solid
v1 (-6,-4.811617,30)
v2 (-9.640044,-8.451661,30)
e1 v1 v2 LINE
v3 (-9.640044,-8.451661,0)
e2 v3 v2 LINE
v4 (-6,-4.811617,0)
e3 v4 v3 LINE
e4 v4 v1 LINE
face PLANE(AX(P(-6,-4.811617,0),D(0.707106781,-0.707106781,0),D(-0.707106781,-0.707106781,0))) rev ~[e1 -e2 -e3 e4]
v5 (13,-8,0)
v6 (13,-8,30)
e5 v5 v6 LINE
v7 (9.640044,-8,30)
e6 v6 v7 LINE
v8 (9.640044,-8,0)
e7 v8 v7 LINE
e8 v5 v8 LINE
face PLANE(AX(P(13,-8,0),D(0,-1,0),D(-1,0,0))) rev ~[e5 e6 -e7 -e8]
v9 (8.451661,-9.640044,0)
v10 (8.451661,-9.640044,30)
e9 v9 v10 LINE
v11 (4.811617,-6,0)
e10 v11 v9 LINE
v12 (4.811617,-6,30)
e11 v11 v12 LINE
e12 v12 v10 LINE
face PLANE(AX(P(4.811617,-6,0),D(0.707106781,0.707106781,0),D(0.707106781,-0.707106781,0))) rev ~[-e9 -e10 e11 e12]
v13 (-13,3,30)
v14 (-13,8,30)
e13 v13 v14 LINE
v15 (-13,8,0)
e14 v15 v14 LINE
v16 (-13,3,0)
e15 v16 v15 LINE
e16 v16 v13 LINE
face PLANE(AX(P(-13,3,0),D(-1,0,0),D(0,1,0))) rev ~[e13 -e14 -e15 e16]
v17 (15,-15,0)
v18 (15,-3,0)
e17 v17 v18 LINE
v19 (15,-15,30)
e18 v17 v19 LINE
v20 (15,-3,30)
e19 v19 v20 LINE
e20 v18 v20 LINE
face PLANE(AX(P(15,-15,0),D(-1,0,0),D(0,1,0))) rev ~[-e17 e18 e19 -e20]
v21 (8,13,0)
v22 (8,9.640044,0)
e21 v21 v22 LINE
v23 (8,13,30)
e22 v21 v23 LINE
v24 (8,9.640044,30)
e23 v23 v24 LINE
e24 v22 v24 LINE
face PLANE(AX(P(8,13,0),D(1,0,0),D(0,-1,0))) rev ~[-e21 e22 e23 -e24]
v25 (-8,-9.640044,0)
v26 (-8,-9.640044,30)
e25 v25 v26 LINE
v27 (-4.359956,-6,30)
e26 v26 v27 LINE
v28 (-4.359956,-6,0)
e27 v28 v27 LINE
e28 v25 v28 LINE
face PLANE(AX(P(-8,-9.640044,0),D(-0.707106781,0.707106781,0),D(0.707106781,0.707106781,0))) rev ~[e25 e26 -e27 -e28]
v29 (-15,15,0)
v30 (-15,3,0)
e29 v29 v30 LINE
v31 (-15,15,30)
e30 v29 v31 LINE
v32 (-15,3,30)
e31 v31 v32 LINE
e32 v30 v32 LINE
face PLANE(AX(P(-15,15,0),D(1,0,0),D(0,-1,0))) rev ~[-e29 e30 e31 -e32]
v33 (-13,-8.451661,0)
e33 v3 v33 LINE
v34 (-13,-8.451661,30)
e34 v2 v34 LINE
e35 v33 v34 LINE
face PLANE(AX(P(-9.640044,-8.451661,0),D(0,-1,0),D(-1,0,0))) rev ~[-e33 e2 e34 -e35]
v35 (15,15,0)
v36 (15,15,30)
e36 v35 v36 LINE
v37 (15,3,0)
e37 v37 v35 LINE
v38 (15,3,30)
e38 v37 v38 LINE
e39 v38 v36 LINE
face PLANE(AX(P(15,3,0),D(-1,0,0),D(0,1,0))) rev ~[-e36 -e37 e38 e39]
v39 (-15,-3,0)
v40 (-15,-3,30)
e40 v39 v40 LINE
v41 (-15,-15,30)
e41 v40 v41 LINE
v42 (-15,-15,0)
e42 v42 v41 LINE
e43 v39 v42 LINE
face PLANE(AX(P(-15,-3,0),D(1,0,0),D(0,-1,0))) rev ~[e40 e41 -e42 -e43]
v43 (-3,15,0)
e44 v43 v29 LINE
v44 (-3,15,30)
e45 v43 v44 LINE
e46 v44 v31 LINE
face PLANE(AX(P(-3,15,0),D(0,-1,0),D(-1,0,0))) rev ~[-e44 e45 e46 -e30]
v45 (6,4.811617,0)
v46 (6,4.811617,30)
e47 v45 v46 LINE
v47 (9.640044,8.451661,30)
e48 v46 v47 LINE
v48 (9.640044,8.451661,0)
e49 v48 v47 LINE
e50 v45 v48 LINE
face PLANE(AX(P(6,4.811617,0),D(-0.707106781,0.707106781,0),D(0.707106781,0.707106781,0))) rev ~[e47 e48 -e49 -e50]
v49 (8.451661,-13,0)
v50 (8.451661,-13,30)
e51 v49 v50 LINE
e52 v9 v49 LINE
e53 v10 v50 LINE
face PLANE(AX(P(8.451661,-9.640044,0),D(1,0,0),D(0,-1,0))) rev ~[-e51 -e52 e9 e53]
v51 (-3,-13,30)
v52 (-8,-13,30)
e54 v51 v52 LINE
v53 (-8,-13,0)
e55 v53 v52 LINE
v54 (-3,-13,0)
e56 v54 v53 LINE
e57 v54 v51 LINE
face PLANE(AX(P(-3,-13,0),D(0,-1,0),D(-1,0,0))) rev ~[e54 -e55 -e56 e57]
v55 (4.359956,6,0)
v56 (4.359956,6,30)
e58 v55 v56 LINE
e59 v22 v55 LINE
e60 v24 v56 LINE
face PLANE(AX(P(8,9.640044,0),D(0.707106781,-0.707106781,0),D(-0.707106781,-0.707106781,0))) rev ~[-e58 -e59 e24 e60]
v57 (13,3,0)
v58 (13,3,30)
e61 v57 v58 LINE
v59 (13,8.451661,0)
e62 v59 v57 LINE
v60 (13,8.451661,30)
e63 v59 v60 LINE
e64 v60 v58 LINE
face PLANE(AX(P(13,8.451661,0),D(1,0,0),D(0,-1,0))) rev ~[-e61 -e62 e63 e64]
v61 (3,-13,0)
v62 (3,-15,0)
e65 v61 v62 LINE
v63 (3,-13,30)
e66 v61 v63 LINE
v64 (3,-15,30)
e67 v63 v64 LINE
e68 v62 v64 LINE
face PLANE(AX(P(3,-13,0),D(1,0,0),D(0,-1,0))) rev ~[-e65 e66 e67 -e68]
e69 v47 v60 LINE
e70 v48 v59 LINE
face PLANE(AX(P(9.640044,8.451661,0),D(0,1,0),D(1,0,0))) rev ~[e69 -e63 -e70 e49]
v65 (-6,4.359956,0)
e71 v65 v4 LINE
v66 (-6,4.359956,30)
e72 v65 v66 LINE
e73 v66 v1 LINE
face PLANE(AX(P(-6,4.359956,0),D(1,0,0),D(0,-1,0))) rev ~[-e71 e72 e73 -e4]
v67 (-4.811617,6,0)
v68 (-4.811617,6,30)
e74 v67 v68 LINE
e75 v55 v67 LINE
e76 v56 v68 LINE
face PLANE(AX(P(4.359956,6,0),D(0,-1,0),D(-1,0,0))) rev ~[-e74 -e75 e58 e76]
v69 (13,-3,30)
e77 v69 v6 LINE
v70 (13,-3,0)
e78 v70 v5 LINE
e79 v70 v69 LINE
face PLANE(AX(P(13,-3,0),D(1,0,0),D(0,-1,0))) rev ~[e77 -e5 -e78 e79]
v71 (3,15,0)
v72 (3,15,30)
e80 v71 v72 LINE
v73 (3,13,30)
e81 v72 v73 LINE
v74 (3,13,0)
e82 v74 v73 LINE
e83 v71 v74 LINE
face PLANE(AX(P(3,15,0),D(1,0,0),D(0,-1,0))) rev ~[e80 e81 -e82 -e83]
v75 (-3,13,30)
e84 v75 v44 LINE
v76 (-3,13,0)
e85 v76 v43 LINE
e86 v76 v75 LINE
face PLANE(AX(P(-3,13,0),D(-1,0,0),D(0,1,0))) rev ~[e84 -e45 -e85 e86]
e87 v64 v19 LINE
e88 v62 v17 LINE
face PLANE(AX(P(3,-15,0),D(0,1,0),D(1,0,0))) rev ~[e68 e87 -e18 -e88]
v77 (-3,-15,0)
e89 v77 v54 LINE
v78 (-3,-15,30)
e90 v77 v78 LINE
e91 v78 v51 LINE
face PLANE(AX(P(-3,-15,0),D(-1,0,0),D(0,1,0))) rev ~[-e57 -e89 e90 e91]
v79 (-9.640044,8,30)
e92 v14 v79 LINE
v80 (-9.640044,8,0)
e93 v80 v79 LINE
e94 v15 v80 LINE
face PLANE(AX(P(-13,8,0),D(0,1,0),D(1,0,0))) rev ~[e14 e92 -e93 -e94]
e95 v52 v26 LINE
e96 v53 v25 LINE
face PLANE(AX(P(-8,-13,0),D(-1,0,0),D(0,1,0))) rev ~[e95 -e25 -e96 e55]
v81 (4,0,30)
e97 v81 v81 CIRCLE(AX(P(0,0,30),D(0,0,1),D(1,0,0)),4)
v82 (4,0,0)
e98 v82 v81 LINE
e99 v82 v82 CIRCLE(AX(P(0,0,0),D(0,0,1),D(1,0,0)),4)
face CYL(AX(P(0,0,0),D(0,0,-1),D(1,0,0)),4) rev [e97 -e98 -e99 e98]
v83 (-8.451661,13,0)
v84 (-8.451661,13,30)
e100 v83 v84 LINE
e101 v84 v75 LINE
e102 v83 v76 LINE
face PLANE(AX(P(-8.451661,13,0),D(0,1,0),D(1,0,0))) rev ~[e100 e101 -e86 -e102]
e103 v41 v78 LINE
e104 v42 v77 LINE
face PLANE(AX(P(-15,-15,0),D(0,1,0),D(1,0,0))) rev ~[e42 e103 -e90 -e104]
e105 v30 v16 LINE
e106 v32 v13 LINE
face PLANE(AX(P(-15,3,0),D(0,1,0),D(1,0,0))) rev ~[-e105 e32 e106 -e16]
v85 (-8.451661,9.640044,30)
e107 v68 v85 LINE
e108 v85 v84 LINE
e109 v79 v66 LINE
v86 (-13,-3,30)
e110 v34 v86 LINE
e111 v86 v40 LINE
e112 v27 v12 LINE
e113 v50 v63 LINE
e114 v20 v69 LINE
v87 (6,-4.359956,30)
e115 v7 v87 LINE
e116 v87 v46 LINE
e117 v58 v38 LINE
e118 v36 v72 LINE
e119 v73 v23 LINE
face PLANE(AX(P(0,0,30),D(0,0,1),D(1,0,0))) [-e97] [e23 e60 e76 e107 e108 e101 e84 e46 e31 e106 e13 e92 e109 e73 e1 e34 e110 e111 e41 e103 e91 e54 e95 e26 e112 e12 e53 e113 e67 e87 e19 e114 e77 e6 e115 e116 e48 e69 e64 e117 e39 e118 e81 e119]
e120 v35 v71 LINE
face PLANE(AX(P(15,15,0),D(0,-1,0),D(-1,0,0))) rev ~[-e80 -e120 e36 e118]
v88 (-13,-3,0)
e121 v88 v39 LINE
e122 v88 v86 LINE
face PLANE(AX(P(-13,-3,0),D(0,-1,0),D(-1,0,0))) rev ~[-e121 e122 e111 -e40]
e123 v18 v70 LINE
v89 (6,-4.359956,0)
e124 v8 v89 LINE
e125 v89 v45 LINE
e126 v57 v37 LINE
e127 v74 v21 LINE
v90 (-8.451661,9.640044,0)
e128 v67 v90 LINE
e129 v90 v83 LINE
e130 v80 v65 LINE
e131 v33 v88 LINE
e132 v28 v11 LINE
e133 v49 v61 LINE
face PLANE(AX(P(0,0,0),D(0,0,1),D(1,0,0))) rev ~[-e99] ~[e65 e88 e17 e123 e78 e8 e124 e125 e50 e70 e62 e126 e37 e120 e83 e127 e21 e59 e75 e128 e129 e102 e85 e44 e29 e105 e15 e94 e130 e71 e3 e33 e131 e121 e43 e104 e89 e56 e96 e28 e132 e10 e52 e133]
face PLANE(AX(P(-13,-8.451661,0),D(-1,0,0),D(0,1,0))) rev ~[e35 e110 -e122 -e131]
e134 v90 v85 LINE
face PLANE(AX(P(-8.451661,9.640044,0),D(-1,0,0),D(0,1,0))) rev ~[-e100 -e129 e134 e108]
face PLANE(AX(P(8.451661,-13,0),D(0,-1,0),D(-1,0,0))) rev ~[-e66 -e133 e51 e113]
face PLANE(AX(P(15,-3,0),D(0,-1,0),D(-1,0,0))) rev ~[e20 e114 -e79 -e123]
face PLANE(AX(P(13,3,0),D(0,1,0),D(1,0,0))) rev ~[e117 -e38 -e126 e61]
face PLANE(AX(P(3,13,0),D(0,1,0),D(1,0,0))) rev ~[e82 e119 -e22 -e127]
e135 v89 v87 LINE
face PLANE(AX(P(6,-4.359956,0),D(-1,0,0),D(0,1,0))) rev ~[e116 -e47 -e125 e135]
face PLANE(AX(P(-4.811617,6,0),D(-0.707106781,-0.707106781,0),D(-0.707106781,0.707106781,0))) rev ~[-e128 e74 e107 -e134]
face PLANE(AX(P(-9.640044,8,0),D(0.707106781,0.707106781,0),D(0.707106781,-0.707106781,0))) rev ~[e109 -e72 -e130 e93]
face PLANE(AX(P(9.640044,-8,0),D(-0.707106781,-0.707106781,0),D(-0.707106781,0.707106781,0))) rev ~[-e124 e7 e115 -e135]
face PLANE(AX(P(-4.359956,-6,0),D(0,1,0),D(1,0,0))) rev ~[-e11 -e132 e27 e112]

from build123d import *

# Parameters (mm, degrees)
SKETCH2_R           = 4
BOSS_EXTRUDE2_DEPTH = 30


with BuildPart() as part:
    # Sketch2 → Boss-Extrude2 (new body)
    with BuildSketch(Plane.XY):
        Polygon((4.359955816, 6), (-4.81161706, 6), (-8.451661244, 9.640044184), (-8.451661244, 13), (-3, 13), (-3, 15), (-15, 15), (-15, 3), (-13, 3), (-13, 8), (-9.640044184, 8), (-6, 4.359955816), (-6, -4.81161706), (-9.640044184, -8.451661244), (-13, -8.451661244), (-13, -3), (-15, -3), (-15, -15), (-3, -15), (-3, -13), (-8, -13), (-8, -9.640044184), (-4.359955816, -6), (4.81161706, -6), (8.451661244, -9.640044184), (8.451661244, -13), (3, -13), (3, -15), (15, -15), (15, -3), (13, -3), (13, -8), (9.640044184, -8), (6, -4.359955816), (6, 4.81161706), (9.640044184, 8.451661244), (13, 8.451661244), (13, 3), (15, 3), (15, 15), (3, 15), (3, 13), (8, 13), (8, 9.640044184), align=None)
        Circle(SKETCH2_R, mode=Mode.SUBTRACT)
    extrude(amount=BOSS_EXTRUDE2_DEPTH)


solid = part.part
